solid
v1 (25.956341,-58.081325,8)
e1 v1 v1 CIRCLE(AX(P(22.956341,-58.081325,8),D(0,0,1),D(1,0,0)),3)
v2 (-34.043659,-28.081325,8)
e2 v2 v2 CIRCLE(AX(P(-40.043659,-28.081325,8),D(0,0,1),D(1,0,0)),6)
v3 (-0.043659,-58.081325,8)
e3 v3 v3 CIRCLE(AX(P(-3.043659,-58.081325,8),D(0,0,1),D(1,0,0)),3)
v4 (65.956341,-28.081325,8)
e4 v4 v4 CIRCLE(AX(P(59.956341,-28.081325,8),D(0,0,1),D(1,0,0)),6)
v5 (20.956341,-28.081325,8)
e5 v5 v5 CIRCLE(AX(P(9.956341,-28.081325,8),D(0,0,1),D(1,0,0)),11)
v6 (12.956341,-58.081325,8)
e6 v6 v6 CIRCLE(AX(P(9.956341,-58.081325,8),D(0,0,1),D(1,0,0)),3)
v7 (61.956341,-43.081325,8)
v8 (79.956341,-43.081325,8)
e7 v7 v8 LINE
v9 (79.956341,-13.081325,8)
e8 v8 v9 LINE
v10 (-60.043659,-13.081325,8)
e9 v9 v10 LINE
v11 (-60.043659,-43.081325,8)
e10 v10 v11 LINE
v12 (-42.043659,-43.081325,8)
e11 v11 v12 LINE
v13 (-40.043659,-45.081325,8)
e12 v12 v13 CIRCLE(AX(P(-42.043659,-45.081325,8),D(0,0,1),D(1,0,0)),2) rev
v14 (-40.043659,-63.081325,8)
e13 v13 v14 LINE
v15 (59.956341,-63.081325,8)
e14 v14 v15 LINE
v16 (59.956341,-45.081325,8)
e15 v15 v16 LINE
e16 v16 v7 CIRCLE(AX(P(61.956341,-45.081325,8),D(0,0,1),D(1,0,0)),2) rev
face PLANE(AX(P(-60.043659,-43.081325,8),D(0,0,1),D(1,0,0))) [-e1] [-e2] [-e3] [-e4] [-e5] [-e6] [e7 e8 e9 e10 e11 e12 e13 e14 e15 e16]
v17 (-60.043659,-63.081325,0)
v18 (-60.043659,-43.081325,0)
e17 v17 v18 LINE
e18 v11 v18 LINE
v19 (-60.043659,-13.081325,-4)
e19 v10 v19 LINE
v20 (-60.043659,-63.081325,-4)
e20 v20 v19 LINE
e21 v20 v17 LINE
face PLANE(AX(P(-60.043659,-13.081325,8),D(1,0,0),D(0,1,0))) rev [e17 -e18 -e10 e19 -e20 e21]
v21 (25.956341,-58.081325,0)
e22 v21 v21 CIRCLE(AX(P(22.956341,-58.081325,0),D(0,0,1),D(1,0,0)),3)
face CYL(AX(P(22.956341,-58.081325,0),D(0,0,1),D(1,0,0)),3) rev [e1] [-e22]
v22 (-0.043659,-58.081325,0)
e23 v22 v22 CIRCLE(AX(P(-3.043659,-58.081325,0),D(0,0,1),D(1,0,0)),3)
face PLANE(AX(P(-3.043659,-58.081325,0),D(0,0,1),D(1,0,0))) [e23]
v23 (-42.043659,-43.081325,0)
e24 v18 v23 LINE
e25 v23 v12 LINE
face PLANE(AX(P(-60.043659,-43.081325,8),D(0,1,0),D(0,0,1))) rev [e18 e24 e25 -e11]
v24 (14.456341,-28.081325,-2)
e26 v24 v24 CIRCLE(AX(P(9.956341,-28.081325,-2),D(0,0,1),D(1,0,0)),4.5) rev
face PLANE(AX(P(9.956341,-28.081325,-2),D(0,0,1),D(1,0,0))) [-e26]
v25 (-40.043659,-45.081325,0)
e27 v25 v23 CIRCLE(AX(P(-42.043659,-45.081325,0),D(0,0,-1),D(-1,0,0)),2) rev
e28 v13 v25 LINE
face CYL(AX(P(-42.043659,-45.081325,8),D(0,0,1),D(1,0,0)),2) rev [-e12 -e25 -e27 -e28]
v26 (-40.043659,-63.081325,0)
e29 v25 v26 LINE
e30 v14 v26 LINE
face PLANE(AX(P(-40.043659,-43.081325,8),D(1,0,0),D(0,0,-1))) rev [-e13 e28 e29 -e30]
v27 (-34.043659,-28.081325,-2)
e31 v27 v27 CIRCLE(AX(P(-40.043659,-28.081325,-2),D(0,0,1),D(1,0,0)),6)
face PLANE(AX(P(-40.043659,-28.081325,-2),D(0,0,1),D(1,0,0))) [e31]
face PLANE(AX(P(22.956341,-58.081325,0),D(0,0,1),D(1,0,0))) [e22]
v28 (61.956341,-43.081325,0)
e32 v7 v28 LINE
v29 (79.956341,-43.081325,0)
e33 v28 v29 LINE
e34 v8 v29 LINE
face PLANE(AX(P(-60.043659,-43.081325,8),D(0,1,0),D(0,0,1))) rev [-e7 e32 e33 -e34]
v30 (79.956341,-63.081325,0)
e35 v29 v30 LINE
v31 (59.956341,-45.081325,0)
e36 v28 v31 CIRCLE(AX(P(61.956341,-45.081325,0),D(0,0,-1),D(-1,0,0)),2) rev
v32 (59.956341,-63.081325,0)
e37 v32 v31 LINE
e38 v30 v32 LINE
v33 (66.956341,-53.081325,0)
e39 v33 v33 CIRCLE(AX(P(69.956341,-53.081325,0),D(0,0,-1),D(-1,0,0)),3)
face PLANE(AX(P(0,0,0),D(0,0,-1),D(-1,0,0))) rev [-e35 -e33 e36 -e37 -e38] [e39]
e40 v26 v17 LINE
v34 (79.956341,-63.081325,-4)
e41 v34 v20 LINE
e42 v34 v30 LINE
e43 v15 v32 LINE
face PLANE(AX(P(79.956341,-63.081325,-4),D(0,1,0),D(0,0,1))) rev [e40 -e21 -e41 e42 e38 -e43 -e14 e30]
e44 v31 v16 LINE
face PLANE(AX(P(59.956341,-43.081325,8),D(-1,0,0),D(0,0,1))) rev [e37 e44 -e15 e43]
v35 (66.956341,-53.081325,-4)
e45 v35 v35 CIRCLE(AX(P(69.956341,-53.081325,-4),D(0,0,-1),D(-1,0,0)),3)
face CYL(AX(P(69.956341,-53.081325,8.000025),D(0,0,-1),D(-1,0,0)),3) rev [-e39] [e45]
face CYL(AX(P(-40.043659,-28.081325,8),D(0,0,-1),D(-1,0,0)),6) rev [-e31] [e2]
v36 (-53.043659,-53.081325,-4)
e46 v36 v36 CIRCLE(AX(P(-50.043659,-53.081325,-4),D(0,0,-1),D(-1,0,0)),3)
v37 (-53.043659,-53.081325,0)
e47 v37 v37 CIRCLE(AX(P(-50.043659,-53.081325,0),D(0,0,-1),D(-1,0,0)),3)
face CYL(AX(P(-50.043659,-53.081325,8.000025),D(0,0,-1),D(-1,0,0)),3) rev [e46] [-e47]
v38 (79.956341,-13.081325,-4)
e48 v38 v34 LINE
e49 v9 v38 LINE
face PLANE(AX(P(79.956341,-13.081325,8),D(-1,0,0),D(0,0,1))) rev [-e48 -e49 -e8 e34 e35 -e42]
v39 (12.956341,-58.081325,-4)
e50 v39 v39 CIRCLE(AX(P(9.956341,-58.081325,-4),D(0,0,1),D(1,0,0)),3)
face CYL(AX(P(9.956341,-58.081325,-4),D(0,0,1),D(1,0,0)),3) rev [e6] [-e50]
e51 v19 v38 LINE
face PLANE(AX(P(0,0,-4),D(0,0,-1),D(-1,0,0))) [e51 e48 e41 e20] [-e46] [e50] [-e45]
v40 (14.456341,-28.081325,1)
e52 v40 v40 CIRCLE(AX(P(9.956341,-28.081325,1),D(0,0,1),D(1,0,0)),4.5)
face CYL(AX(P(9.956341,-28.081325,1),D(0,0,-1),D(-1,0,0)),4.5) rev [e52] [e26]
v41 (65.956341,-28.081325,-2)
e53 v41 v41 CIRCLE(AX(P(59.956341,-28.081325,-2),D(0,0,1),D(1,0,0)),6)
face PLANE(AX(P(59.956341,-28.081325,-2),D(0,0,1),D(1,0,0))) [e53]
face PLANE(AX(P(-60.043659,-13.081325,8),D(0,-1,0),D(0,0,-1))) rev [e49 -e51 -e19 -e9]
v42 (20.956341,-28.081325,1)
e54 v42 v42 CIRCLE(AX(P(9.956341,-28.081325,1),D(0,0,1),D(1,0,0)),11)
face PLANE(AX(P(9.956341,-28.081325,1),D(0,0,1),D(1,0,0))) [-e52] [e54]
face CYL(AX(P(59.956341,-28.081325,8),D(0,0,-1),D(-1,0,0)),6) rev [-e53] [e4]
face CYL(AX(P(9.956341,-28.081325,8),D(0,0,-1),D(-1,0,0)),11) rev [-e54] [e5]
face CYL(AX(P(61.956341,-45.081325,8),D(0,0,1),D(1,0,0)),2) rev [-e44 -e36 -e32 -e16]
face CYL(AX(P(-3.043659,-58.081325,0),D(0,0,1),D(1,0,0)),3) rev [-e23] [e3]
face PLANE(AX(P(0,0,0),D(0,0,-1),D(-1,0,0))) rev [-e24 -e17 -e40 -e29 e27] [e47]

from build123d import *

# Parameters (mm, degrees)
ESQUISSE1_W             = 140
ESQUISSE1_H             = 30
ESQUISSE1_R             = 11
ESQUISSE1_R_2           = 6
EXTRUSION1_DEPTH        = 8
ESQUISSE2_W             = 140
ESQUISSE2_H             = 50
BOSS_EXTRU_1_DEPTH      = 4
ESQUISSE3_R             = 3
ENL_V_MAT_EXTRU_1_DEPTH = 13
ESQUISSE4_R             = 11
ENL_V_MAT_EXTRU_2_DEPTH = 2
ESQUISSE5_W             = 100
ESQUISSE5_H             = 20
BOSS_EXTRU_2_DEPTH      = 8
ESQUISSE6_R             = 3
ENL_V_MAT_EXTRU_3_DEPTH = 8
ESQUISSE8_R             = 6
ENL_V_MAT_EXTRU_4_DEPTH = 2
ESQUISSE9_R             = 11
ESQUISSE9_R_2           = 4.5
BOSS_EXTRU_3_DEPTH      = 3
ESQUISSE10_R            = 3
ENL_V_MAT_EXTRU_5_DEPTH = 13
CONG_1_R                = 2
CONG_2_R                = 2


with BuildPart() as part:
    # Esquisse1 → Extrusion1 (new body)
    with BuildSketch(Plane.XY):
        with Locations((9.95634141, -28.081325038)):
            Rectangle(ESQUISSE1_W, ESQUISSE1_H)
        with Locations((9.95634141, -28.081325038)):
            Circle(ESQUISSE1_R, mode=Mode.SUBTRACT)
        with Locations((-40.04365859, -28.081325038)):
            Circle(ESQUISSE1_R_2, mode=Mode.SUBTRACT)
        with Locations((59.95634141, -28.081325038)):
            Circle(ESQUISSE1_R_2, mode=Mode.SUBTRACT)
    extrude(amount=EXTRUSION1_DEPTH)

    # Esquisse2 → Boss.-Extru.1 (add)
    with BuildSketch(Plane(origin=(0, 0, 0), x_dir=(-1, 0, 0), z_dir=(0, 0, -1))):
        with Locations((-9.95634141, -38.081325038)):
            Rectangle(ESQUISSE2_W, ESQUISSE2_H)
    extrude(amount=BOSS_EXTRU_1_DEPTH)

    # Esquisse3 → Enlèv. mat.-Extru.1 (cut, through all)
    with BuildSketch(Plane(origin=(0, 0, -4), x_dir=(-1, 0, 0), z_dir=(0, 0, -1))):
        with Locations((-69.95634141, -53.081325038)):
            Circle(ESQUISSE3_R)
        with Locations((50.04365859, -53.081325038)):
            Circle(ESQUISSE3_R)
    extrude(amount=-ENL_V_MAT_EXTRU_1_DEPTH, mode=Mode.SUBTRACT)

    # Esquisse4 → Enlèv. mat.-Extru.2 (cut)
    with BuildSketch(Plane.XY):
        with Locations((9.95634141, -28.081325038)):
            Circle(ESQUISSE4_R)
    extrude(amount=-ENL_V_MAT_EXTRU_2_DEPTH, mode=Mode.SUBTRACT)

    # Esquisse5 → Boss.-Extru.2 (add)
    with BuildSketch(Plane.XY):
        with Locations((9.95634141, -53.081325038)):
            Rectangle(ESQUISSE5_W, ESQUISSE5_H)
    extrude(amount=BOSS_EXTRU_2_DEPTH)

    # Esquisse6 → Enlèv. mat.-Extru.3 (cut)
    with BuildSketch(Plane.XY.offset(8)):
        with Locations((22.95634141, -58.081325038)):
            Circle(ESQUISSE6_R)
        with Locations((-3.04365859, -58.081325038)):
            Circle(ESQUISSE6_R)
    extrude(amount=-ENL_V_MAT_EXTRU_3_DEPTH, mode=Mode.SUBTRACT)

    # Esquisse8 → Enlèv. mat.-Extru.4 (cut)
    with BuildSketch(Plane.XY):
        with Locations((-40.04365859, -28.081325038)):
            Circle(ESQUISSE8_R)
        with Locations((59.95634141, -28.081325038)):
            Circle(ESQUISSE8_R)
    extrude(amount=-ENL_V_MAT_EXTRU_4_DEPTH, mode=Mode.SUBTRACT)

    # Esquisse9 → Boss.-Extru.3 (add)
    with BuildSketch(Plane.XY.offset(-2)):
        with Locations((9.95634141, -28.081325038)):
            Circle(ESQUISSE9_R)
        with Locations((9.95634141, -28.081325038)):
            Circle(ESQUISSE9_R_2, mode=Mode.SUBTRACT)
    extrude(amount=BOSS_EXTRU_3_DEPTH)

    # Esquisse10 → Enlèv. mat.-Extru.5 (cut, through all)
    with BuildSketch(Plane.XY.offset(8)):
        with Locations((9.95634141, -58.081325038)):
            Circle(ESQUISSE10_R)
    extrude(amount=-ENL_V_MAT_EXTRU_5_DEPTH, mode=Mode.SUBTRACT)

    # Congé1
    cong_1_edges = [part.edges().sort_by_distance(p)[0] for p in [
        (-40.04365859, -43.081325038, 4),
    ]]
    fillet(cong_1_edges, radius=CONG_1_R)

    # Congé2
    cong_2_edges = [part.edges().sort_by_distance(p)[0] for p in [
        (59.95634141, -43.081325038, 4),
    ]]
    fillet(cong_2_edges, radius=CONG_2_R)


solid = part.part
